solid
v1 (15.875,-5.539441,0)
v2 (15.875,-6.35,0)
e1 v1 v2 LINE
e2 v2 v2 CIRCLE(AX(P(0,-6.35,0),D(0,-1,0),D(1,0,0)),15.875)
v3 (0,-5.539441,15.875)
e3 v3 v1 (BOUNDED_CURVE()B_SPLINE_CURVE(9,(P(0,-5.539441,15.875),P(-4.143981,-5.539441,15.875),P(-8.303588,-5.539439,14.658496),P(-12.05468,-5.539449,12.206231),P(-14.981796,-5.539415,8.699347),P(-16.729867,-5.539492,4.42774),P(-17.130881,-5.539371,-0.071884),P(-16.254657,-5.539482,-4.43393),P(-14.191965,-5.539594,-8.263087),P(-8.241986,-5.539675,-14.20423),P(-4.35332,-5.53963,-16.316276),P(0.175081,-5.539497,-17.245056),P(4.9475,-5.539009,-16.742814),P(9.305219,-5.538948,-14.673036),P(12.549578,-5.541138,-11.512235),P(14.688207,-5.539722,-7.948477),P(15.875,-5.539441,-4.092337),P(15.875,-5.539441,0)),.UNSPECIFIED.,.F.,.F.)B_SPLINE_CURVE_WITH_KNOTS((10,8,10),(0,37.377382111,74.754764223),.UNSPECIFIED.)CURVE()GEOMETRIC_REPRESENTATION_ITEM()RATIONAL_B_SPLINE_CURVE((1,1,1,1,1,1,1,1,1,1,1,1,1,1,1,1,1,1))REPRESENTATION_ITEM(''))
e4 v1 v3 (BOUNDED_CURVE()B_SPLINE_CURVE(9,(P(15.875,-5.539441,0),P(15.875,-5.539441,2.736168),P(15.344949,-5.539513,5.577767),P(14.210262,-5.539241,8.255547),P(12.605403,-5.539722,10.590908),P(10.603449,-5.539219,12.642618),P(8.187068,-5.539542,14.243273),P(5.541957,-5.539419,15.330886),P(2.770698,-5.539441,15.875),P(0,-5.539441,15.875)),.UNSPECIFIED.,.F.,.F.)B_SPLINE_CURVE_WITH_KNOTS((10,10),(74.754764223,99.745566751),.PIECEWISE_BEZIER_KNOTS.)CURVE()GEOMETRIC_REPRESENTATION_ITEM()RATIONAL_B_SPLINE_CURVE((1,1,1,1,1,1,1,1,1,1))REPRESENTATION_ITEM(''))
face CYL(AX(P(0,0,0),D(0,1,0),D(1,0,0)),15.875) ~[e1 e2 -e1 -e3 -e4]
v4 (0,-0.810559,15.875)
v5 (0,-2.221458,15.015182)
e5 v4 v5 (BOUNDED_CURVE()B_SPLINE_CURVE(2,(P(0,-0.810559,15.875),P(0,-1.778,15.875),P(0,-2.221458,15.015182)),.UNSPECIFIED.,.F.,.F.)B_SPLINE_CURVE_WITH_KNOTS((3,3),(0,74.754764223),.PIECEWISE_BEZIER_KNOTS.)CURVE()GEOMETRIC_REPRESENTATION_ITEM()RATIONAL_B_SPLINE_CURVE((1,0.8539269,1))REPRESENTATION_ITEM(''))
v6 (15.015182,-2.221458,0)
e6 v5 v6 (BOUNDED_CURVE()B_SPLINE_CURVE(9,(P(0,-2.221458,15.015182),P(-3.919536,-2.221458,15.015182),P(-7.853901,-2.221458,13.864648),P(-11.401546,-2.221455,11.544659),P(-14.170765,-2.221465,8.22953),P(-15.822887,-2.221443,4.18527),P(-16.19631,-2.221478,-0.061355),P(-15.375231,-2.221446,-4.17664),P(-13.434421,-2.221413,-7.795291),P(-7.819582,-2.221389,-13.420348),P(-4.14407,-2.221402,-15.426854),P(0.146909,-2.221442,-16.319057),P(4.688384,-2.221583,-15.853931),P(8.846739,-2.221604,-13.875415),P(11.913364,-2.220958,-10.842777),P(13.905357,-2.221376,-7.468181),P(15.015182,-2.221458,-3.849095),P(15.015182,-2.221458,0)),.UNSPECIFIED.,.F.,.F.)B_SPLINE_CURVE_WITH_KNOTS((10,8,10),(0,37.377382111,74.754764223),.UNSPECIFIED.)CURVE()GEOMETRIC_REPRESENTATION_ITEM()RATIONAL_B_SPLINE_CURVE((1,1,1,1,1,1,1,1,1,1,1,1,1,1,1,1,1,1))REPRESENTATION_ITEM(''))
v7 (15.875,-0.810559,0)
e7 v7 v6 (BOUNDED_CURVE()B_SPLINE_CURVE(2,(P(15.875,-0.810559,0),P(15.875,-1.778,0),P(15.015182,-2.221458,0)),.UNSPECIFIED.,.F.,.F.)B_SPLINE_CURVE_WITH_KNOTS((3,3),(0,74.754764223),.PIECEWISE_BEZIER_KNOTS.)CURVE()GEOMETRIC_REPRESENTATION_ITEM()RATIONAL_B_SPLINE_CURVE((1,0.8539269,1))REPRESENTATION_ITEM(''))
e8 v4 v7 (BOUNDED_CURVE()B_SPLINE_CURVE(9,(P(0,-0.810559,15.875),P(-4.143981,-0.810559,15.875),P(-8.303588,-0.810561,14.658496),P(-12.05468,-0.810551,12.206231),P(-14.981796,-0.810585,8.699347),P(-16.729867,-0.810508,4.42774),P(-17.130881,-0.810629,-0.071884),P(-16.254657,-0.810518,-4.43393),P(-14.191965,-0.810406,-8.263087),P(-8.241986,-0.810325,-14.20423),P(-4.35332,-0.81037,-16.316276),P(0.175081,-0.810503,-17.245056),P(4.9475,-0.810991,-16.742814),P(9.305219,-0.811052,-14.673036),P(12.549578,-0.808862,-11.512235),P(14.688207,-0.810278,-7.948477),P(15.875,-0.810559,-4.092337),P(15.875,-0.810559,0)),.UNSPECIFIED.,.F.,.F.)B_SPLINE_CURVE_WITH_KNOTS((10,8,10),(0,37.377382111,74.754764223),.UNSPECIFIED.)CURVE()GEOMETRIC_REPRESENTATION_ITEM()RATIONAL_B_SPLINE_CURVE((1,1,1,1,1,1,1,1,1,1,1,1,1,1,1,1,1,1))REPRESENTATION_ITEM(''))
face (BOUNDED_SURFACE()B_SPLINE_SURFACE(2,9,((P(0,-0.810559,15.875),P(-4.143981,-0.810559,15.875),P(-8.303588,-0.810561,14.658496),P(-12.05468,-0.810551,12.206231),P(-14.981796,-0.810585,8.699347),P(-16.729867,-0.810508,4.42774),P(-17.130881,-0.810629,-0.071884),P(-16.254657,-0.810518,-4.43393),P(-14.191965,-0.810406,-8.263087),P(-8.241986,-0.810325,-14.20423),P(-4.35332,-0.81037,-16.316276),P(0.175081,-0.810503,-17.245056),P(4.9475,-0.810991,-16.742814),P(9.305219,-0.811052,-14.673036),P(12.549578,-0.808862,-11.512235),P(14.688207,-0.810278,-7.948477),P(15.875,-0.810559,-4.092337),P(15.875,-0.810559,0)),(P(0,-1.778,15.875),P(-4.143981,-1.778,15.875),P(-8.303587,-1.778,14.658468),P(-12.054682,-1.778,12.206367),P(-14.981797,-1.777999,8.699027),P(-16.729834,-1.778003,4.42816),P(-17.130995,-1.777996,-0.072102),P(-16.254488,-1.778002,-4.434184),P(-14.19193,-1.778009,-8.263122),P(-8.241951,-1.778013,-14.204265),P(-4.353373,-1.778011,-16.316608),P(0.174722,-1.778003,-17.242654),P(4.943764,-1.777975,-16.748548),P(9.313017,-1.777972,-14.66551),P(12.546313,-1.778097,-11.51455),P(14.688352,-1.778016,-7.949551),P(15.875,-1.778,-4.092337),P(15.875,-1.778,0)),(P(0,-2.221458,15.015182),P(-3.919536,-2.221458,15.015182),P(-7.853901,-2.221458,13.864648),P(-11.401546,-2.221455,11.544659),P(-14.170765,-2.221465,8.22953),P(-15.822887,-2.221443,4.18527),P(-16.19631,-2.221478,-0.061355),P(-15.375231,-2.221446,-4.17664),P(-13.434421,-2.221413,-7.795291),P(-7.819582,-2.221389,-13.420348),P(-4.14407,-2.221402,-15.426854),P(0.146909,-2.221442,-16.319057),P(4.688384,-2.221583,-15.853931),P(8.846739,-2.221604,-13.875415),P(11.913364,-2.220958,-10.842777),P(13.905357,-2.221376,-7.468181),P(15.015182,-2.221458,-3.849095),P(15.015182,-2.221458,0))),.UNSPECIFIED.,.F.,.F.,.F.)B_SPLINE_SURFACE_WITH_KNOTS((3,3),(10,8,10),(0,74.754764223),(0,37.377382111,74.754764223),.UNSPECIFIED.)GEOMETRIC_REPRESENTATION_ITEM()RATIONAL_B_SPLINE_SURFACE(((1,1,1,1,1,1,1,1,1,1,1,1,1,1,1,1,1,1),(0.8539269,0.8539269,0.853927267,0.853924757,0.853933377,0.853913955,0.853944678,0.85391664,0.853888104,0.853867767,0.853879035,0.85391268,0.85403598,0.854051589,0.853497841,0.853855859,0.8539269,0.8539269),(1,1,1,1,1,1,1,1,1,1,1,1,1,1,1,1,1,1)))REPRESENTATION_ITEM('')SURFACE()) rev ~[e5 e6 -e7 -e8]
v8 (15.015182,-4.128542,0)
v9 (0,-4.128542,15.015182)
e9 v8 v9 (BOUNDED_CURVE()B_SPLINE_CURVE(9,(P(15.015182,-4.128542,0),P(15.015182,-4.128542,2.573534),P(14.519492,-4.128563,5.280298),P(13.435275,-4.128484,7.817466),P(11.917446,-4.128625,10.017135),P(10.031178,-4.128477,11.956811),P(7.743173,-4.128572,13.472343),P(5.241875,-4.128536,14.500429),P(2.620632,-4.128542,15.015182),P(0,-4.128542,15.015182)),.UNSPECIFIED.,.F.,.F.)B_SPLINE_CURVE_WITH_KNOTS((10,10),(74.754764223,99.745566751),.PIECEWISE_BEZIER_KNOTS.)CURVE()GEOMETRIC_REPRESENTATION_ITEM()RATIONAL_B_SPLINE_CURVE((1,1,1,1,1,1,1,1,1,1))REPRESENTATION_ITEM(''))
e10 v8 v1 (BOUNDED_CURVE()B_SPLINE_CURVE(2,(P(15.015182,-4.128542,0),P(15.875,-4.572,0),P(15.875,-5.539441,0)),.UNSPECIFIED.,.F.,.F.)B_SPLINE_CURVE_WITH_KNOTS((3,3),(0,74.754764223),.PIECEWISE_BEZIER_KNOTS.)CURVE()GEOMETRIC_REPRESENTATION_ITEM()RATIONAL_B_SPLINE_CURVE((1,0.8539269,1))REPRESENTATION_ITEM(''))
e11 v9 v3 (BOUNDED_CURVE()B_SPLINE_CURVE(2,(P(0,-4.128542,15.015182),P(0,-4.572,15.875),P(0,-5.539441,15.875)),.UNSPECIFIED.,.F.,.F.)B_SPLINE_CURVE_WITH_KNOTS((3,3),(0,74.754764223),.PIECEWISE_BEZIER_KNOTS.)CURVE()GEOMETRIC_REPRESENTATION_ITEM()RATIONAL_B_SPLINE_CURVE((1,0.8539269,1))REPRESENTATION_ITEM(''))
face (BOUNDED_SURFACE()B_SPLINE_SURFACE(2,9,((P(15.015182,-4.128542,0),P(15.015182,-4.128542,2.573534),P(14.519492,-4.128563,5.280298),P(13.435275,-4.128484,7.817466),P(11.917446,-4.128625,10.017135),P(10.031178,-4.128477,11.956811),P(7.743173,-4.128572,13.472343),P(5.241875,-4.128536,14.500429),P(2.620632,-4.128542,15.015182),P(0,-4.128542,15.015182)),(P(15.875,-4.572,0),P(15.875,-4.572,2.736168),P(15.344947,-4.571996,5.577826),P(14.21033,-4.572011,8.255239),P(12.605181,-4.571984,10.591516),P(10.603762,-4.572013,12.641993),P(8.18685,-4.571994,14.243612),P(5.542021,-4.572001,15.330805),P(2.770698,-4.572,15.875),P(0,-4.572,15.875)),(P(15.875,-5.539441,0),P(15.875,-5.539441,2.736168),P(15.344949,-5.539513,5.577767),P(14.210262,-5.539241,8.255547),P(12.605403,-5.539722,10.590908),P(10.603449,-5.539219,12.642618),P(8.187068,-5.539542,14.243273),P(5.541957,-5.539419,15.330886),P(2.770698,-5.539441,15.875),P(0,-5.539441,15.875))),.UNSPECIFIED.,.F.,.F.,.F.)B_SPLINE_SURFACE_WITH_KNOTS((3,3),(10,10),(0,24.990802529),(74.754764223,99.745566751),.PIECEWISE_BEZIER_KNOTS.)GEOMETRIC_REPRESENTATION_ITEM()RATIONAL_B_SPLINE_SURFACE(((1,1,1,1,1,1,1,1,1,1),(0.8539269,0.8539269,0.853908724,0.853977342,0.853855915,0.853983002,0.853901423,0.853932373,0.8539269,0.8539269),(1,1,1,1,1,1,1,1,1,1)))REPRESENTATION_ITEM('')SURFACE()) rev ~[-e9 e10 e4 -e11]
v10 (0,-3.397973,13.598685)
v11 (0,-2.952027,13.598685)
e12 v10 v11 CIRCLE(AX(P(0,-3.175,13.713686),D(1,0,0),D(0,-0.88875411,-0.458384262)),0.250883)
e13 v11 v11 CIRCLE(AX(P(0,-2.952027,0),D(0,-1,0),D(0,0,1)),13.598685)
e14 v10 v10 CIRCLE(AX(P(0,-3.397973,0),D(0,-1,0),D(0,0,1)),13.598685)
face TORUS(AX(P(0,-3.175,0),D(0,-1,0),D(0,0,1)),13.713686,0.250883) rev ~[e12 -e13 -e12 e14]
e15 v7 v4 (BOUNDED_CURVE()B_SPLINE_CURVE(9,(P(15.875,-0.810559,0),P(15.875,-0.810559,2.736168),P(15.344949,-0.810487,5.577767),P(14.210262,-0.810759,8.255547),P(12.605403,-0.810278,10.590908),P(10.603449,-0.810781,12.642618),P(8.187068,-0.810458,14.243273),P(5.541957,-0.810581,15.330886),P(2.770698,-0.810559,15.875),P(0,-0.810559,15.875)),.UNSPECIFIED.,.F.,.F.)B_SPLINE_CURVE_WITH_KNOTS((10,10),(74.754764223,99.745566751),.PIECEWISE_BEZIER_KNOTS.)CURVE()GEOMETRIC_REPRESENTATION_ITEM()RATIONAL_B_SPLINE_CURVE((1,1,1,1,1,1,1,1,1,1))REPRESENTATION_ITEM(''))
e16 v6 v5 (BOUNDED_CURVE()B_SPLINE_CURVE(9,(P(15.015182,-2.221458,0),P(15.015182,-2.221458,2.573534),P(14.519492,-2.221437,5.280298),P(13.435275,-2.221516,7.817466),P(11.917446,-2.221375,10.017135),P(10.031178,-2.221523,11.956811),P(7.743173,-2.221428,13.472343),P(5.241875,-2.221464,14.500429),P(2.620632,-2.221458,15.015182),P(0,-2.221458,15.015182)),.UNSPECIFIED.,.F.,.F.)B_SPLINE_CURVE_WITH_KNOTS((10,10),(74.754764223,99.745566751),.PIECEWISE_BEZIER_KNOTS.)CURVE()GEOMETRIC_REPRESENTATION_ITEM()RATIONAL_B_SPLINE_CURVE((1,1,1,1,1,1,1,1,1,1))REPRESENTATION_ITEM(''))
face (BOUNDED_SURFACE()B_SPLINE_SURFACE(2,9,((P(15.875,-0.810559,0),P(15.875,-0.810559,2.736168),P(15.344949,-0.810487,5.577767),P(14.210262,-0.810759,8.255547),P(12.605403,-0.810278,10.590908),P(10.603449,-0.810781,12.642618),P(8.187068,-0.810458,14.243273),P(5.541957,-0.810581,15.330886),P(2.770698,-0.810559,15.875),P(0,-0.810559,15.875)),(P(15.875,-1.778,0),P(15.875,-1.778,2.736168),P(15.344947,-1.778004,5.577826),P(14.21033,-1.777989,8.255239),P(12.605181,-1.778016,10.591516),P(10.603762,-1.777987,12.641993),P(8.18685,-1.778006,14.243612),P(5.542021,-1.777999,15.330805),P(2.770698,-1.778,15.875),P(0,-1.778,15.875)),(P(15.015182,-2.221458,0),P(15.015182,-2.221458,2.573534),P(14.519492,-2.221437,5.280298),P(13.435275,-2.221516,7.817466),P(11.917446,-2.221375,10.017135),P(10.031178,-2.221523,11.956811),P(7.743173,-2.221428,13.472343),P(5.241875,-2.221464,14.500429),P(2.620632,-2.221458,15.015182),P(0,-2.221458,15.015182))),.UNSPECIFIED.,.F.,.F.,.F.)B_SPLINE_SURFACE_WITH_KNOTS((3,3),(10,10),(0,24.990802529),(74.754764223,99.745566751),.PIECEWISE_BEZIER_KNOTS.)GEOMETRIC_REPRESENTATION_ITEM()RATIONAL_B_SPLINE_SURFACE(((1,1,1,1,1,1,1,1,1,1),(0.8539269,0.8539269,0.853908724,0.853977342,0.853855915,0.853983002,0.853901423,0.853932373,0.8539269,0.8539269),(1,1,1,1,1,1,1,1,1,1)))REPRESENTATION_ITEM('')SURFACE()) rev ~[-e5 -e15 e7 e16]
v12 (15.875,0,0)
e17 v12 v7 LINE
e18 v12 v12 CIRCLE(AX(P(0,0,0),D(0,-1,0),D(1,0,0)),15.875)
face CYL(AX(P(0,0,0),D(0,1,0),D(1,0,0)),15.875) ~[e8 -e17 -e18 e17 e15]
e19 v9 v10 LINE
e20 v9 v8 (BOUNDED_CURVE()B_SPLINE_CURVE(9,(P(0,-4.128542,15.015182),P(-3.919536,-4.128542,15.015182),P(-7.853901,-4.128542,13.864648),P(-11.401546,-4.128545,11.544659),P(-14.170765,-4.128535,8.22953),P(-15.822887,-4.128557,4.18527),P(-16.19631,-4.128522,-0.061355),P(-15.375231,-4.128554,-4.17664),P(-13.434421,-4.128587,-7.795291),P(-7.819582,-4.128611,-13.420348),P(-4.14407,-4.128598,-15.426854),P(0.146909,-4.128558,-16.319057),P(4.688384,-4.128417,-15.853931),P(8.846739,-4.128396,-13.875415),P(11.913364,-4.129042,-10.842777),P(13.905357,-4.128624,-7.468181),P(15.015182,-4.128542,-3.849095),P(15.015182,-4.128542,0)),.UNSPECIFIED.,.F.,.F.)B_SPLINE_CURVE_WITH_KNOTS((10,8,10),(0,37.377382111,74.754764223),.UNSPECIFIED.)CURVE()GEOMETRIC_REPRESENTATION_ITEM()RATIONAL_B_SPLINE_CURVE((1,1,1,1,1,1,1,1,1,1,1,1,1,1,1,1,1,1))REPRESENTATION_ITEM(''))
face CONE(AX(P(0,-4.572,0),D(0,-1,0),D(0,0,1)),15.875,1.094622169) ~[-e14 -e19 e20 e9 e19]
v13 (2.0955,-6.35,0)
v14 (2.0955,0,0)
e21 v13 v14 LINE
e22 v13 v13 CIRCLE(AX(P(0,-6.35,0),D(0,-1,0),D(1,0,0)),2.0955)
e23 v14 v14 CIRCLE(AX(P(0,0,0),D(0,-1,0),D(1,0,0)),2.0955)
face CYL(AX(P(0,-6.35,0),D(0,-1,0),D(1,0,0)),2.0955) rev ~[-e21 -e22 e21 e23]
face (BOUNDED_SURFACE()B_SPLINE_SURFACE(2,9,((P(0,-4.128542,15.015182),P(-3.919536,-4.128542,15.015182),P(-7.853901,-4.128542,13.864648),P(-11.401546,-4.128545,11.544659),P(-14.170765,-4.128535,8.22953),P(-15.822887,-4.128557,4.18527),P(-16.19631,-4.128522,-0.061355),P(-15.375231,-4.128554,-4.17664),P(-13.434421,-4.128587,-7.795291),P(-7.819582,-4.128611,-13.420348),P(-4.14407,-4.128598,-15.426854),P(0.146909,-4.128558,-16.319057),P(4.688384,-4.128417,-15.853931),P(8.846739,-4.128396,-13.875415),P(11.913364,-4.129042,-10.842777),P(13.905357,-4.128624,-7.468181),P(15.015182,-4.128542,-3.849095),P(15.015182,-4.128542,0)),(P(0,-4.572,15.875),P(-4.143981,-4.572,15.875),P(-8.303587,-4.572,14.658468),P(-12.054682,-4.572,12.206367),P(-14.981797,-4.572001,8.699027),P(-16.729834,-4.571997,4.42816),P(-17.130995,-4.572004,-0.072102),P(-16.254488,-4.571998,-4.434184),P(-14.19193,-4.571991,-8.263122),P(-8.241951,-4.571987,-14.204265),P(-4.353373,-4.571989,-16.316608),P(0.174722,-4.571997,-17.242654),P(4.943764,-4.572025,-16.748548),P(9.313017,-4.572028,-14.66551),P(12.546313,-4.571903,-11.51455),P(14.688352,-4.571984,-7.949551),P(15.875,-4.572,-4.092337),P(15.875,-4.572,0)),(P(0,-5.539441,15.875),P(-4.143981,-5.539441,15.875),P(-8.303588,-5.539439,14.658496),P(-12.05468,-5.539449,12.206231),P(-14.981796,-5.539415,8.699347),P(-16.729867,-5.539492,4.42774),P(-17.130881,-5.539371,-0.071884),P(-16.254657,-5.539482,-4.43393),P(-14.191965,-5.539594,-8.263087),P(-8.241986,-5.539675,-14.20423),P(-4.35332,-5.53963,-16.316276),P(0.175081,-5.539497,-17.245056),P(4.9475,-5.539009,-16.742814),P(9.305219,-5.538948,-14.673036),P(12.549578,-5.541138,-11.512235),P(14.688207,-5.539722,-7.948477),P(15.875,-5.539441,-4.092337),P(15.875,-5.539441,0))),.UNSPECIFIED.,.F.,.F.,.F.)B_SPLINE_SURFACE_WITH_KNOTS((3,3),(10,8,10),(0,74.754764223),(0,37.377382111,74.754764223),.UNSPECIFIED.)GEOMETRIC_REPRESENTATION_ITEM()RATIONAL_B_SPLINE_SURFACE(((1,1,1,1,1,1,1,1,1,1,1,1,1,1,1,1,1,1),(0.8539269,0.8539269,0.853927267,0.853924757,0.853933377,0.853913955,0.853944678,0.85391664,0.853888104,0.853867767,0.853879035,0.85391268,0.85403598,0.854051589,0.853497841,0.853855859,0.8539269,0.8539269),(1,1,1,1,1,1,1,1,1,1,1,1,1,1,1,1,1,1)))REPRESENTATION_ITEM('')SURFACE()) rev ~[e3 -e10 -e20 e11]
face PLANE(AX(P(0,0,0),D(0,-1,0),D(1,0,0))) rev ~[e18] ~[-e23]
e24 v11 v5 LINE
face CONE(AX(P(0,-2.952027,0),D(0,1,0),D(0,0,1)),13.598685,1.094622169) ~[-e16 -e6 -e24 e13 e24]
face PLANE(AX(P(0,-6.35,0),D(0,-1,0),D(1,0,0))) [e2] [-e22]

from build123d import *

# Parameters (mm, degrees)
F0_R     = 15.875
F1_DEPTH = 6.35
F2_R     = 2.0955
F3_DEPTH = 6.35
F7_R     = 1.5875


with BuildPart() as f1:
    # F0 (on Front) → F1 (new body)
    with BuildSketch(Plane.XZ):
        Circle(F0_R)
    extrude(amount=F1_DEPTH)

    # F2 (on face) → F3 (cut)
    with BuildSketch(Plane.XZ.offset(6.35)):
        Circle(F2_R)
    extrude(amount=-F3_DEPTH, mode=Mode.SUBTRACT)

    # F4 (on Right) → F6 (revolve, cut)
    with BuildSketch(Plane.YZ):
        with BuildLine():
            Line((-1.778, 15.875), (-4.572, 15.875))
            Line((-4.572, 15.875), (-3.397973, 13.598685))
            ThreePointArc((-3.397973, 13.598685), (-3.175, 13.462803), (-2.952027, 13.598685))
            Line((-2.952027, 13.598685), (-1.778, 15.875))
        make_face()
    revolve(axis=Axis((0, -3.17588, 0), (0, -1, 0)), mode=Mode.SUBTRACT)

    # F7
    f7_edges = [f1.edges().sort_by_distance(p)[0] for p in [
        (-11.22532, -4.572, -11.22532),
        (-11.22532, -1.778, -11.22532),
    ]]
    fillet(f7_edges, radius=F7_R)


solid = f1.part
